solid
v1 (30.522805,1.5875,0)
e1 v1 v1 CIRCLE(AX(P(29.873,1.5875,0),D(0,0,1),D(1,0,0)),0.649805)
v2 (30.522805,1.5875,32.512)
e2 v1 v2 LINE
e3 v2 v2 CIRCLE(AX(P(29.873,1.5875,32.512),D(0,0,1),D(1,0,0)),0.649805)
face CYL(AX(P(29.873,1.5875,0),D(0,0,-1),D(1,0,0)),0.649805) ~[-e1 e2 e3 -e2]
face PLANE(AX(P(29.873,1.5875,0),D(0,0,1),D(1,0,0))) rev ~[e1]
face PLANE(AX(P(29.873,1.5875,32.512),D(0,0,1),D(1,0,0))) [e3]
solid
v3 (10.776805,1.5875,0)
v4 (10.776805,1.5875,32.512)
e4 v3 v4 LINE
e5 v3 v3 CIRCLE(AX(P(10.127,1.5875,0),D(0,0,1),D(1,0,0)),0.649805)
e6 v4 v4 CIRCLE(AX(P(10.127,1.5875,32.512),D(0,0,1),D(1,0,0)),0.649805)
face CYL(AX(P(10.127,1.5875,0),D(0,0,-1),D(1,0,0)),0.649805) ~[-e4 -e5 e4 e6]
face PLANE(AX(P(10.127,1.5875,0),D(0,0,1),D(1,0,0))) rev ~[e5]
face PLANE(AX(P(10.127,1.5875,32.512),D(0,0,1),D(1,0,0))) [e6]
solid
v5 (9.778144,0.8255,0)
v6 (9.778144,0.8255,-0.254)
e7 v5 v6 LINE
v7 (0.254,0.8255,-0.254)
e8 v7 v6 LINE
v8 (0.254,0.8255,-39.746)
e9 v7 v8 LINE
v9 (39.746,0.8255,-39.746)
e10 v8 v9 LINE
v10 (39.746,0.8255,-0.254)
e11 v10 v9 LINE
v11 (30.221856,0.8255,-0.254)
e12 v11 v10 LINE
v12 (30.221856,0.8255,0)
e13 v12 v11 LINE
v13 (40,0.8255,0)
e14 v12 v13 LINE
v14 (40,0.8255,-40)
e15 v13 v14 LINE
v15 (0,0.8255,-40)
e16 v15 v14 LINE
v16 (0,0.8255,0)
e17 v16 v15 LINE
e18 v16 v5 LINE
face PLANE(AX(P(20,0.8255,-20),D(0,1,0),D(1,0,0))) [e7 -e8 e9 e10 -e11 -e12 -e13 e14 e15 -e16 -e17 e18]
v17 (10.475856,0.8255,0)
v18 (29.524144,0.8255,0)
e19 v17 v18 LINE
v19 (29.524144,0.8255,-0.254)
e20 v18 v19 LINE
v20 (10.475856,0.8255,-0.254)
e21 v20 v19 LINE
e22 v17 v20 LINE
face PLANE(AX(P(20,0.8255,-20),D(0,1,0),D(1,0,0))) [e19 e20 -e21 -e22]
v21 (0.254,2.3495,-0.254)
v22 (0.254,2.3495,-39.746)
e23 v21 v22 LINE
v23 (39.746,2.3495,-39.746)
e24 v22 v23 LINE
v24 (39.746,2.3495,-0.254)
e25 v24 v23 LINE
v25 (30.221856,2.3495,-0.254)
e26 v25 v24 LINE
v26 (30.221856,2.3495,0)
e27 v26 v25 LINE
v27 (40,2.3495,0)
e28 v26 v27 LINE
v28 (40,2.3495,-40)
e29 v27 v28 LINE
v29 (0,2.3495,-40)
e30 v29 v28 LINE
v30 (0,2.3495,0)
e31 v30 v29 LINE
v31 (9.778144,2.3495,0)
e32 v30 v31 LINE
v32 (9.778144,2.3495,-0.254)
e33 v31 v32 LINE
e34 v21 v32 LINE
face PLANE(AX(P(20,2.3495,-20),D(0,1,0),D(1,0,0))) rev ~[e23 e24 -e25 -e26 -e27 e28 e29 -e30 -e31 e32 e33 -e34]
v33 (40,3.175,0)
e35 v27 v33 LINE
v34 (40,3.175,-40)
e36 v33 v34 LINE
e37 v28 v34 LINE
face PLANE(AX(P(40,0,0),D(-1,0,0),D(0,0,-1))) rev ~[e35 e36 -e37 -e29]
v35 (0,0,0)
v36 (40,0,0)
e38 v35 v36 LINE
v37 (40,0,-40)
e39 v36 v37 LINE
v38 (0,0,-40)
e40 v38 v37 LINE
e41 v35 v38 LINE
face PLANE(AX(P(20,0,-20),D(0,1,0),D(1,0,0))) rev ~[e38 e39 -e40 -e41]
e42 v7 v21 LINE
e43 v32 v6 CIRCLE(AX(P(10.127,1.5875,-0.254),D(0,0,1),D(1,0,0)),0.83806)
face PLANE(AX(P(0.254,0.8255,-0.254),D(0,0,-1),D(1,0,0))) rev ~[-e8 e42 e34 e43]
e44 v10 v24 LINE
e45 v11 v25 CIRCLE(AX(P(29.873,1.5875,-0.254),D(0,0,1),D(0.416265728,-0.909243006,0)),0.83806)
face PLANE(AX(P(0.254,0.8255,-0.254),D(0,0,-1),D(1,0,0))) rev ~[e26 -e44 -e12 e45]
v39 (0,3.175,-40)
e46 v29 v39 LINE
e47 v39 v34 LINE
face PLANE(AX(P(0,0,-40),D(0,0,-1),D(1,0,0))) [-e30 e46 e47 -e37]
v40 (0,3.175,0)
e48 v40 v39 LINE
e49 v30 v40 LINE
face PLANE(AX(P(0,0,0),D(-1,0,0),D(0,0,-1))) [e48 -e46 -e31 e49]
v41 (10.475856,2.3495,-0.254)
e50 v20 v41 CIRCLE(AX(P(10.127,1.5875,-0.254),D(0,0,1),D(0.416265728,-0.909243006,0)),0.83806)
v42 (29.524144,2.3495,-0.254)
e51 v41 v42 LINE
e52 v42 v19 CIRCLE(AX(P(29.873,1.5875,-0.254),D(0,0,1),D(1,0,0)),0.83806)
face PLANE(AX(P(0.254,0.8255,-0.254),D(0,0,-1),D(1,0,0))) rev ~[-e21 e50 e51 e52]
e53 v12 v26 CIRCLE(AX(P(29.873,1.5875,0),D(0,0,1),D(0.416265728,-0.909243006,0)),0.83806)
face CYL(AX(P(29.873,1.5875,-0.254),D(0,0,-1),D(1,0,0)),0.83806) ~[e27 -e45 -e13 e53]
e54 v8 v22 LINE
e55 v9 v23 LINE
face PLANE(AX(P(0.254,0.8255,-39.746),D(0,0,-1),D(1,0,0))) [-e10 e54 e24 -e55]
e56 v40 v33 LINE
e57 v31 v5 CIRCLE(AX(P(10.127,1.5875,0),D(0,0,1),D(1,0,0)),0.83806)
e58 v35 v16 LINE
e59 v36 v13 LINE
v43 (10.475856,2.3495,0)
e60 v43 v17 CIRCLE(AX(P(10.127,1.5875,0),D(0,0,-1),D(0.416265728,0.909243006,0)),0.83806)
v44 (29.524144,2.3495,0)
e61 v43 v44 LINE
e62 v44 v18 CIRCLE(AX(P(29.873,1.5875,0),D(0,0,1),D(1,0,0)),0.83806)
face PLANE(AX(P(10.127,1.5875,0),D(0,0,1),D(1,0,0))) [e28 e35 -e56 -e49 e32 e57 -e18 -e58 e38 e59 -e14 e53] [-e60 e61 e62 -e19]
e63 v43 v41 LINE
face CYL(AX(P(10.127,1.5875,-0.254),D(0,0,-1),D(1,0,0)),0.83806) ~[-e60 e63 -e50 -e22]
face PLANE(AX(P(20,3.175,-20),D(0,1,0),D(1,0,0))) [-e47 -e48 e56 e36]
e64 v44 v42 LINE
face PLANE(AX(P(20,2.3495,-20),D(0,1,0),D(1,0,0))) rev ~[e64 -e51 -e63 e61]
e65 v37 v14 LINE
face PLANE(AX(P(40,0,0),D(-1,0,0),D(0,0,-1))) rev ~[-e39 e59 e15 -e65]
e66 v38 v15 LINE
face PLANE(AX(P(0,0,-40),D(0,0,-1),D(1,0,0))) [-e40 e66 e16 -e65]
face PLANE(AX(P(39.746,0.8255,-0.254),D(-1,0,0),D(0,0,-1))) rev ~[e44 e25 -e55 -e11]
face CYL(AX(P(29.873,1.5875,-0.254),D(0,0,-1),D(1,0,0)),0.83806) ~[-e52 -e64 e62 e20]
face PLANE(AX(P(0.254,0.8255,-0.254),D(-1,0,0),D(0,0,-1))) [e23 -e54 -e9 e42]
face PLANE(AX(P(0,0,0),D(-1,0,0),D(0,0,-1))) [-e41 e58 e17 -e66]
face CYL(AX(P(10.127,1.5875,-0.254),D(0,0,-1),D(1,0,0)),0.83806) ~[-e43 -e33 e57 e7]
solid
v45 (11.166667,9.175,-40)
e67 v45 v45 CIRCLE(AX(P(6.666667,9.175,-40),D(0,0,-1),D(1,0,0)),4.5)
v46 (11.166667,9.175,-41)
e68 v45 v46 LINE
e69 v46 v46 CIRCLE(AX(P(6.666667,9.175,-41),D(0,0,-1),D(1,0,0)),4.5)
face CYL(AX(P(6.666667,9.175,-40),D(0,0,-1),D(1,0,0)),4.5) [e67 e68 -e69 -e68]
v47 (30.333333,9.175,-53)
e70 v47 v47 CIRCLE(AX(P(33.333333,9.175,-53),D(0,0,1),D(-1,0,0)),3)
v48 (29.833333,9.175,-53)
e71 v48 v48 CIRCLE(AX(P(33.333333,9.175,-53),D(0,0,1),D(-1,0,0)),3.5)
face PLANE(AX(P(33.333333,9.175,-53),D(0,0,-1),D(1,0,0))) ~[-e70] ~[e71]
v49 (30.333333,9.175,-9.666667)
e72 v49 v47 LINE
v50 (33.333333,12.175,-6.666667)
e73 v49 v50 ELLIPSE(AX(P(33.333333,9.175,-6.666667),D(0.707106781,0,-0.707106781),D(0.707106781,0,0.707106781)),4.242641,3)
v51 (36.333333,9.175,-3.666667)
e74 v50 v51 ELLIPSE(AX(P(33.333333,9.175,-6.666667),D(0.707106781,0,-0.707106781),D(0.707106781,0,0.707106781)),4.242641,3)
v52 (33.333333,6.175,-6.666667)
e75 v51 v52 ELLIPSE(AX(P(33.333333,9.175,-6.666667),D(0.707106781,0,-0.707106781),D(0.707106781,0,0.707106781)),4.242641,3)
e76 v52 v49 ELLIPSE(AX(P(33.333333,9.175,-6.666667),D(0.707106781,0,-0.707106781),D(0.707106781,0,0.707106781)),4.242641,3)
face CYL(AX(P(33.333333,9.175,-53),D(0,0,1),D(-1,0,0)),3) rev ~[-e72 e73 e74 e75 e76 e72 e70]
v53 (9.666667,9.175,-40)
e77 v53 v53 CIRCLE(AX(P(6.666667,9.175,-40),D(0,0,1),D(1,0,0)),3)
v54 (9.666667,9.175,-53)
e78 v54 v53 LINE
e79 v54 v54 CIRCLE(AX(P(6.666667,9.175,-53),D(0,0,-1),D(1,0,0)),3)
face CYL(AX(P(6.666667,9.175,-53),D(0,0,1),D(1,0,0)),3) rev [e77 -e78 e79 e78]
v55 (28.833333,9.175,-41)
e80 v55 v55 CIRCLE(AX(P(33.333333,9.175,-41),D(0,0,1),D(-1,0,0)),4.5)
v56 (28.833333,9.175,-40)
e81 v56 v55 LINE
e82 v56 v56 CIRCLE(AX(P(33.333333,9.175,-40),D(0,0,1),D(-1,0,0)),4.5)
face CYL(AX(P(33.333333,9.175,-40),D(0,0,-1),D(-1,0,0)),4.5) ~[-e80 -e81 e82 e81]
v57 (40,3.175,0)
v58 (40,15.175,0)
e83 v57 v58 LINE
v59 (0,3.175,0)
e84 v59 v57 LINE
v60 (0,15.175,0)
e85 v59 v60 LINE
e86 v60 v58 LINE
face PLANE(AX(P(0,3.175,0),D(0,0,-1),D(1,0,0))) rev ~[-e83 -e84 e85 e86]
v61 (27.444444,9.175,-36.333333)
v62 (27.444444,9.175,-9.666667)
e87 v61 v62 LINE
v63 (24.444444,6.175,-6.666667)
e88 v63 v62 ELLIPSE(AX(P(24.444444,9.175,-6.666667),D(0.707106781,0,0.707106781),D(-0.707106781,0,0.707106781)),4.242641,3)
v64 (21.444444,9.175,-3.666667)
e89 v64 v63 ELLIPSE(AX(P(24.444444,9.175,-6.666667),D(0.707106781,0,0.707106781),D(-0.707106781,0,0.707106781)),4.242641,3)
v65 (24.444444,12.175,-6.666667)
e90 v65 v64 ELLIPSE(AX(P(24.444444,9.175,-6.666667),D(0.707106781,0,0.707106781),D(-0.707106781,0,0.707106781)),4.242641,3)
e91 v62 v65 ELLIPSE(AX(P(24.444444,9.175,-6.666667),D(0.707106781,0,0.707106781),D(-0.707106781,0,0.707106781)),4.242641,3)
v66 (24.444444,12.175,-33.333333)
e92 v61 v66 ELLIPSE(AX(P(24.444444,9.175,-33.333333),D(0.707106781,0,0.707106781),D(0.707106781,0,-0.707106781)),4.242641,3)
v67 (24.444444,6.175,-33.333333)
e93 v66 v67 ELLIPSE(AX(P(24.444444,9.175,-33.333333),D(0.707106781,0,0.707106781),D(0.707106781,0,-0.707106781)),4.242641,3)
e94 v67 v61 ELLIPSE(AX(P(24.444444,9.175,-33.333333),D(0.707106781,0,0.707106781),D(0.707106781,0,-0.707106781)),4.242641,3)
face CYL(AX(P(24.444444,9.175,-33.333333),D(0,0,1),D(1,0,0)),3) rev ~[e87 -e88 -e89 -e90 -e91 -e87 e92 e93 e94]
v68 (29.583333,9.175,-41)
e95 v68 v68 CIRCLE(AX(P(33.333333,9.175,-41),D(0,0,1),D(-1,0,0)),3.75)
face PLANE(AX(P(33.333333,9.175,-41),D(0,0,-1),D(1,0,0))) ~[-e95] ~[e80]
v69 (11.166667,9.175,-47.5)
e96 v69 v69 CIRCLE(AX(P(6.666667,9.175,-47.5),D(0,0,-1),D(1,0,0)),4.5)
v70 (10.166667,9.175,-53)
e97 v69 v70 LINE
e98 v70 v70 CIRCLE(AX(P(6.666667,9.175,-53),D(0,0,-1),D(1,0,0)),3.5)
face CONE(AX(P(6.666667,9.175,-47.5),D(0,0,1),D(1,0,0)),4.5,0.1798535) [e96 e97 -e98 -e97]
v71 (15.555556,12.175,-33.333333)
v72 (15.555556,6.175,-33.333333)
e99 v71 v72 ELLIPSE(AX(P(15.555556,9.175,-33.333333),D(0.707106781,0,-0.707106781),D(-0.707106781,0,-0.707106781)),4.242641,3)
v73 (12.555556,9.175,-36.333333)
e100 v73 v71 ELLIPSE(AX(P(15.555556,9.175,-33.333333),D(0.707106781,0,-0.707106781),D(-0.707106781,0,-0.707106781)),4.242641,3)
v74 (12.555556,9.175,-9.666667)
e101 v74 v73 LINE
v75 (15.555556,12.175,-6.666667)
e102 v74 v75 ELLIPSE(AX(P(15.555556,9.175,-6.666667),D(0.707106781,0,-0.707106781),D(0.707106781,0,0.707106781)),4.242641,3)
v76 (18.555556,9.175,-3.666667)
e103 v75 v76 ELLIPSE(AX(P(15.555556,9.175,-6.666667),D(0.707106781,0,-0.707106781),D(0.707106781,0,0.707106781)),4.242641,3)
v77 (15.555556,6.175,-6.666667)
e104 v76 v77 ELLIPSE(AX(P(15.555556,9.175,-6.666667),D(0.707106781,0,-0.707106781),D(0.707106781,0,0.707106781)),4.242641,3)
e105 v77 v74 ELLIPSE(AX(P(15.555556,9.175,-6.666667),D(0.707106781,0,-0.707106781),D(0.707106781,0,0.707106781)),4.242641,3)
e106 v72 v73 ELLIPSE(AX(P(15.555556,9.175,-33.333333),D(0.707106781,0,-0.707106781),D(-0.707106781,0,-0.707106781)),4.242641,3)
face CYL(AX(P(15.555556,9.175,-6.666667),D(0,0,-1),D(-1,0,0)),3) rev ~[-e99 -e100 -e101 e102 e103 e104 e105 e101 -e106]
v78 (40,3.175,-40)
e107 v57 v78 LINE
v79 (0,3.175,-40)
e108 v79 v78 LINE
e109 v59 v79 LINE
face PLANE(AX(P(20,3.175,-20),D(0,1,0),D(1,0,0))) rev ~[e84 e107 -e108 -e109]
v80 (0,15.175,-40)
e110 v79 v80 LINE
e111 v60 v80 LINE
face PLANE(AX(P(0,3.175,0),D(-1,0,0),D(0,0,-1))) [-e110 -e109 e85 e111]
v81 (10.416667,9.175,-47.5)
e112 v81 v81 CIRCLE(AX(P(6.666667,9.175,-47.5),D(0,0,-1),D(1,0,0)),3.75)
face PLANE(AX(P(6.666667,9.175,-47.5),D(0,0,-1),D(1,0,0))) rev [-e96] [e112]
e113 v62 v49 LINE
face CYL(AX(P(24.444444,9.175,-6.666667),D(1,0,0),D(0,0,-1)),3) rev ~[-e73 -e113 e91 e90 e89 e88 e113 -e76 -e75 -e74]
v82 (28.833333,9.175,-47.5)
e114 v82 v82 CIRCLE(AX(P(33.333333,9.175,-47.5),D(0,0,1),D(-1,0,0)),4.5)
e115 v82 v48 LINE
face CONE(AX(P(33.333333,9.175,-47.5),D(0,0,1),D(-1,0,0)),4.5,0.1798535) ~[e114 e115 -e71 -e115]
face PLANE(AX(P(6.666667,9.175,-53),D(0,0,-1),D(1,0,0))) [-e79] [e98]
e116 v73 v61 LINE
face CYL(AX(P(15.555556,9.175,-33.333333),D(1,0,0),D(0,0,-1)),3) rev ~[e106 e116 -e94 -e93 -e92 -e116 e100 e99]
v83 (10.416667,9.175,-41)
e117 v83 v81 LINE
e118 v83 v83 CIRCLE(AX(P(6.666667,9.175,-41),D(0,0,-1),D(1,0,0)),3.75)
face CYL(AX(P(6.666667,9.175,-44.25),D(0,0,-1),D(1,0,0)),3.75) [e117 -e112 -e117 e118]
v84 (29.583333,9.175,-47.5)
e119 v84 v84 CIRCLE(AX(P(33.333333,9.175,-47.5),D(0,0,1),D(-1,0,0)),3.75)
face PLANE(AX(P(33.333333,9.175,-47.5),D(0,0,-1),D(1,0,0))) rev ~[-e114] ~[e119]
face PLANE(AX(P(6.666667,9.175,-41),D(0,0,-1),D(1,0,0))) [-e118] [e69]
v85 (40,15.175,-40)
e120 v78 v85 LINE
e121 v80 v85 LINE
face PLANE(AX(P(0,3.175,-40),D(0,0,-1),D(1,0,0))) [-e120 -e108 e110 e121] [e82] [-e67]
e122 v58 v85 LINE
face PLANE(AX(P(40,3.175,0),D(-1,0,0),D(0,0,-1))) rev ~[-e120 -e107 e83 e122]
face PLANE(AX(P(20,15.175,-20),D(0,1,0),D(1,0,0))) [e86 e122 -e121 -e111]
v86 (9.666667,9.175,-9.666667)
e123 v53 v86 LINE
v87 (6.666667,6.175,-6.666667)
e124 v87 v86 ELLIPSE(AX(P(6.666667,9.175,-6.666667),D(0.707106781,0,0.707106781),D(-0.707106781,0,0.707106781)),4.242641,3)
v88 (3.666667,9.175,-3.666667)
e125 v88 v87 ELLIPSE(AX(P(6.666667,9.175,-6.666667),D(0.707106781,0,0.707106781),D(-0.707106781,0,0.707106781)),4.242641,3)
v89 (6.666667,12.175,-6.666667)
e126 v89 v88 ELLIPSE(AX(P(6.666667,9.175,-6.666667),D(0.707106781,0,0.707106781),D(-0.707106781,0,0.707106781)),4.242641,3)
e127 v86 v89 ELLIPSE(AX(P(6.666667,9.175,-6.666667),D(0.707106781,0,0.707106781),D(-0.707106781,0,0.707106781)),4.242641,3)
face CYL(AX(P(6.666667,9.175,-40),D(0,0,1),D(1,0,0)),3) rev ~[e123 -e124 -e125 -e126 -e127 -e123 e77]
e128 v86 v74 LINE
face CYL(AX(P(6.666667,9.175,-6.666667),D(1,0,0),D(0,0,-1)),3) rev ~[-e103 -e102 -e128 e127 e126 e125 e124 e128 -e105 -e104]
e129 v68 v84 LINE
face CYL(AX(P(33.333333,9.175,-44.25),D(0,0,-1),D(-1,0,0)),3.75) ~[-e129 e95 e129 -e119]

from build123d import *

# Parameters (mm, degrees)
SKETCH1_W               = 40
SKETCH1_H               = 40
BOSS_EXTRUDE1_DEPTH     = 3.175
CUT_EXTRUDE1_DEPTH      = 0.762
CUT_EXTRUDE1_DEPTH_BACK = 0.762
SKETCH2_W               = 40
SKETCH2_H               = 40
SKETCH2_W_2             = 39.492
SKETCH2_H_2             = 39.492
SKETCH3_R               = 0.838059787
BOSS_EXTRUDE2_DEPTH     = 0.254
SKETCH4_R               = 0.649805147
BOSS_EXTRUDE3_DEPTH     = 32.512
BOSS_EXTRUDE3_2_DEPTH   = 32.512
SKETCH5_W               = 40
SKETCH5_H               = 40
BOSS_EXTRUDE4_DEPTH     = 12
CUT_SWEEP1_PROFILE_R    = 3
SKETCH16_W              = 0.75
SKETCH16_H              = 6.5


with BuildPart() as part:
    # Sketch1 → Boss-Extrude1 (new body)
    with BuildSketch(Plane(origin=(0, 0, 0), x_dir=(1, 0, 0), z_dir=(0, 1, 0))):
        with Locations((20, 20)):
            Rectangle(SKETCH1_W, SKETCH1_H)
    extrude(amount=BOSS_EXTRUDE1_DEPTH)

    # Sketch2 → Cut-Extrude1 (cut, two sides: drawn at the far end of the back side and taken through both)
    with BuildSketch(Plane(origin=(0, 1.5875, 0), x_dir=(1, 0, 0), z_dir=(0, 1, 0)).offset(-CUT_EXTRUDE1_DEPTH_BACK)):
        with Locations((20, 20)):
            Rectangle(SKETCH2_W, SKETCH2_H)
        with Locations((20, 20)):
            Rectangle(SKETCH2_W_2, SKETCH2_H_2, mode=Mode.SUBTRACT)
    extrude(amount=CUT_EXTRUDE1_DEPTH + CUT_EXTRUDE1_DEPTH_BACK, mode=Mode.SUBTRACT)

    # Sketch3 → Boss-Extrude2 (add)
    with BuildSketch(Plane.XY.offset(-0.254)):
        with Locations((10.127, 1.5875)):
            Circle(SKETCH3_R)
        with Locations((29.873, 1.5875)):
            Circle(SKETCH3_R)
    extrude(amount=BOSS_EXTRUDE2_DEPTH)


with BuildPart() as body_2:
    # Sketch4 → Boss-Extrude3 (new body)
    with BuildSketch(Plane.XY):
        with Locations((10.127, 1.5875)):
            Circle(SKETCH4_R)
    extrude(amount=BOSS_EXTRUDE3_DEPTH)


with BuildPart() as body_3:
    # Sketch4 → Boss-Extrude3 2 (new body)
    with BuildSketch(Plane.XY):
        with Locations((29.873, 1.5875)):
            Circle(SKETCH4_R)
    extrude(amount=BOSS_EXTRUDE3_2_DEPTH)


with BuildPart() as body_4:
    # Sketch5 → Boss-Extrude4 (new body)
    with BuildSketch(Plane(origin=(0, 3.175, 0), x_dir=(1, 0, 0), z_dir=(0, 1, 0))):
        with Locations((20, 20)):
            Rectangle(SKETCH5_W, SKETCH5_H)
    extrude(amount=BOSS_EXTRUDE4_DEPTH)

    # Cut-Sweep1: sweep along a path in Sketch7
    with BuildLine(Plane(origin=(0, 9.175000062, 0), x_dir=(1, 0, 0), z_dir=(0, 1, 0))) as cut_sweep1_path:
        Line((6.666666667, 40), (6.666666667, 6.666666667))
        Line((6.666666667, 6.666666667), (15.555555559, 6.666666667))
        Line((15.555555559, 6.666666667), (15.555555559, 33.333333333))
        Line((15.555555559, 33.333333333), (24.444444441, 33.333333333))
        Line((24.444444441, 33.333333333), (24.444444441, 6.666666667))
        Line((24.444444441, 6.666666667), (33.333333333, 6.666666667))
        Line((33.333333333, 6.666666667), (33.333333333, 40))
    # Cut-Sweep1 profile (on start of the path) → Cut-Sweep1 (sweep, cut)
    with BuildSketch(Plane(origin=(6.666666667, 9.175000062, -40), x_dir=(1, 0, 0), z_dir=(0, 0, 1))):
        Circle(CUT_SWEEP1_PROFILE_R)
    sweep(path=cut_sweep1_path.line, transition=Transition.RIGHT, mode=Mode.SUBTRACT)

    # Sketch16 → Revolve1 (revolve)
    with BuildSketch(Plane(origin=(0, 9.175000062, 0), x_dir=(1, 0, 0), z_dir=(0, 1, 0))):
        Polygon((9.666666667, 53), (9.666666667, 47.5), (10.416666667, 47.5), (11.166666667, 47.5), (10.166666667, 53), align=None)
        with Locations((10.041666667, 44.25)):
            Rectangle(SKETCH16_W, SKETCH16_H)
        Polygon((9.666666667, 41), (9.666666667, 40), (11.166666667, 40), (11.166666667, 41), (10.416666667, 41), align=None)
    revolve1 = revolve(axis=Axis((6.666666667, 9.175000062, -40), (0, 0, -1)))

    # Mirror1: Revolve1 across plane
    add(revolve1.mirror(Plane(origin=(20, 0, 0), x_dir=(0, 0, 1), z_dir=(1, 0, 0))))


solid = Compound([part.part, body_2.part, body_3.part, body_4.part])
